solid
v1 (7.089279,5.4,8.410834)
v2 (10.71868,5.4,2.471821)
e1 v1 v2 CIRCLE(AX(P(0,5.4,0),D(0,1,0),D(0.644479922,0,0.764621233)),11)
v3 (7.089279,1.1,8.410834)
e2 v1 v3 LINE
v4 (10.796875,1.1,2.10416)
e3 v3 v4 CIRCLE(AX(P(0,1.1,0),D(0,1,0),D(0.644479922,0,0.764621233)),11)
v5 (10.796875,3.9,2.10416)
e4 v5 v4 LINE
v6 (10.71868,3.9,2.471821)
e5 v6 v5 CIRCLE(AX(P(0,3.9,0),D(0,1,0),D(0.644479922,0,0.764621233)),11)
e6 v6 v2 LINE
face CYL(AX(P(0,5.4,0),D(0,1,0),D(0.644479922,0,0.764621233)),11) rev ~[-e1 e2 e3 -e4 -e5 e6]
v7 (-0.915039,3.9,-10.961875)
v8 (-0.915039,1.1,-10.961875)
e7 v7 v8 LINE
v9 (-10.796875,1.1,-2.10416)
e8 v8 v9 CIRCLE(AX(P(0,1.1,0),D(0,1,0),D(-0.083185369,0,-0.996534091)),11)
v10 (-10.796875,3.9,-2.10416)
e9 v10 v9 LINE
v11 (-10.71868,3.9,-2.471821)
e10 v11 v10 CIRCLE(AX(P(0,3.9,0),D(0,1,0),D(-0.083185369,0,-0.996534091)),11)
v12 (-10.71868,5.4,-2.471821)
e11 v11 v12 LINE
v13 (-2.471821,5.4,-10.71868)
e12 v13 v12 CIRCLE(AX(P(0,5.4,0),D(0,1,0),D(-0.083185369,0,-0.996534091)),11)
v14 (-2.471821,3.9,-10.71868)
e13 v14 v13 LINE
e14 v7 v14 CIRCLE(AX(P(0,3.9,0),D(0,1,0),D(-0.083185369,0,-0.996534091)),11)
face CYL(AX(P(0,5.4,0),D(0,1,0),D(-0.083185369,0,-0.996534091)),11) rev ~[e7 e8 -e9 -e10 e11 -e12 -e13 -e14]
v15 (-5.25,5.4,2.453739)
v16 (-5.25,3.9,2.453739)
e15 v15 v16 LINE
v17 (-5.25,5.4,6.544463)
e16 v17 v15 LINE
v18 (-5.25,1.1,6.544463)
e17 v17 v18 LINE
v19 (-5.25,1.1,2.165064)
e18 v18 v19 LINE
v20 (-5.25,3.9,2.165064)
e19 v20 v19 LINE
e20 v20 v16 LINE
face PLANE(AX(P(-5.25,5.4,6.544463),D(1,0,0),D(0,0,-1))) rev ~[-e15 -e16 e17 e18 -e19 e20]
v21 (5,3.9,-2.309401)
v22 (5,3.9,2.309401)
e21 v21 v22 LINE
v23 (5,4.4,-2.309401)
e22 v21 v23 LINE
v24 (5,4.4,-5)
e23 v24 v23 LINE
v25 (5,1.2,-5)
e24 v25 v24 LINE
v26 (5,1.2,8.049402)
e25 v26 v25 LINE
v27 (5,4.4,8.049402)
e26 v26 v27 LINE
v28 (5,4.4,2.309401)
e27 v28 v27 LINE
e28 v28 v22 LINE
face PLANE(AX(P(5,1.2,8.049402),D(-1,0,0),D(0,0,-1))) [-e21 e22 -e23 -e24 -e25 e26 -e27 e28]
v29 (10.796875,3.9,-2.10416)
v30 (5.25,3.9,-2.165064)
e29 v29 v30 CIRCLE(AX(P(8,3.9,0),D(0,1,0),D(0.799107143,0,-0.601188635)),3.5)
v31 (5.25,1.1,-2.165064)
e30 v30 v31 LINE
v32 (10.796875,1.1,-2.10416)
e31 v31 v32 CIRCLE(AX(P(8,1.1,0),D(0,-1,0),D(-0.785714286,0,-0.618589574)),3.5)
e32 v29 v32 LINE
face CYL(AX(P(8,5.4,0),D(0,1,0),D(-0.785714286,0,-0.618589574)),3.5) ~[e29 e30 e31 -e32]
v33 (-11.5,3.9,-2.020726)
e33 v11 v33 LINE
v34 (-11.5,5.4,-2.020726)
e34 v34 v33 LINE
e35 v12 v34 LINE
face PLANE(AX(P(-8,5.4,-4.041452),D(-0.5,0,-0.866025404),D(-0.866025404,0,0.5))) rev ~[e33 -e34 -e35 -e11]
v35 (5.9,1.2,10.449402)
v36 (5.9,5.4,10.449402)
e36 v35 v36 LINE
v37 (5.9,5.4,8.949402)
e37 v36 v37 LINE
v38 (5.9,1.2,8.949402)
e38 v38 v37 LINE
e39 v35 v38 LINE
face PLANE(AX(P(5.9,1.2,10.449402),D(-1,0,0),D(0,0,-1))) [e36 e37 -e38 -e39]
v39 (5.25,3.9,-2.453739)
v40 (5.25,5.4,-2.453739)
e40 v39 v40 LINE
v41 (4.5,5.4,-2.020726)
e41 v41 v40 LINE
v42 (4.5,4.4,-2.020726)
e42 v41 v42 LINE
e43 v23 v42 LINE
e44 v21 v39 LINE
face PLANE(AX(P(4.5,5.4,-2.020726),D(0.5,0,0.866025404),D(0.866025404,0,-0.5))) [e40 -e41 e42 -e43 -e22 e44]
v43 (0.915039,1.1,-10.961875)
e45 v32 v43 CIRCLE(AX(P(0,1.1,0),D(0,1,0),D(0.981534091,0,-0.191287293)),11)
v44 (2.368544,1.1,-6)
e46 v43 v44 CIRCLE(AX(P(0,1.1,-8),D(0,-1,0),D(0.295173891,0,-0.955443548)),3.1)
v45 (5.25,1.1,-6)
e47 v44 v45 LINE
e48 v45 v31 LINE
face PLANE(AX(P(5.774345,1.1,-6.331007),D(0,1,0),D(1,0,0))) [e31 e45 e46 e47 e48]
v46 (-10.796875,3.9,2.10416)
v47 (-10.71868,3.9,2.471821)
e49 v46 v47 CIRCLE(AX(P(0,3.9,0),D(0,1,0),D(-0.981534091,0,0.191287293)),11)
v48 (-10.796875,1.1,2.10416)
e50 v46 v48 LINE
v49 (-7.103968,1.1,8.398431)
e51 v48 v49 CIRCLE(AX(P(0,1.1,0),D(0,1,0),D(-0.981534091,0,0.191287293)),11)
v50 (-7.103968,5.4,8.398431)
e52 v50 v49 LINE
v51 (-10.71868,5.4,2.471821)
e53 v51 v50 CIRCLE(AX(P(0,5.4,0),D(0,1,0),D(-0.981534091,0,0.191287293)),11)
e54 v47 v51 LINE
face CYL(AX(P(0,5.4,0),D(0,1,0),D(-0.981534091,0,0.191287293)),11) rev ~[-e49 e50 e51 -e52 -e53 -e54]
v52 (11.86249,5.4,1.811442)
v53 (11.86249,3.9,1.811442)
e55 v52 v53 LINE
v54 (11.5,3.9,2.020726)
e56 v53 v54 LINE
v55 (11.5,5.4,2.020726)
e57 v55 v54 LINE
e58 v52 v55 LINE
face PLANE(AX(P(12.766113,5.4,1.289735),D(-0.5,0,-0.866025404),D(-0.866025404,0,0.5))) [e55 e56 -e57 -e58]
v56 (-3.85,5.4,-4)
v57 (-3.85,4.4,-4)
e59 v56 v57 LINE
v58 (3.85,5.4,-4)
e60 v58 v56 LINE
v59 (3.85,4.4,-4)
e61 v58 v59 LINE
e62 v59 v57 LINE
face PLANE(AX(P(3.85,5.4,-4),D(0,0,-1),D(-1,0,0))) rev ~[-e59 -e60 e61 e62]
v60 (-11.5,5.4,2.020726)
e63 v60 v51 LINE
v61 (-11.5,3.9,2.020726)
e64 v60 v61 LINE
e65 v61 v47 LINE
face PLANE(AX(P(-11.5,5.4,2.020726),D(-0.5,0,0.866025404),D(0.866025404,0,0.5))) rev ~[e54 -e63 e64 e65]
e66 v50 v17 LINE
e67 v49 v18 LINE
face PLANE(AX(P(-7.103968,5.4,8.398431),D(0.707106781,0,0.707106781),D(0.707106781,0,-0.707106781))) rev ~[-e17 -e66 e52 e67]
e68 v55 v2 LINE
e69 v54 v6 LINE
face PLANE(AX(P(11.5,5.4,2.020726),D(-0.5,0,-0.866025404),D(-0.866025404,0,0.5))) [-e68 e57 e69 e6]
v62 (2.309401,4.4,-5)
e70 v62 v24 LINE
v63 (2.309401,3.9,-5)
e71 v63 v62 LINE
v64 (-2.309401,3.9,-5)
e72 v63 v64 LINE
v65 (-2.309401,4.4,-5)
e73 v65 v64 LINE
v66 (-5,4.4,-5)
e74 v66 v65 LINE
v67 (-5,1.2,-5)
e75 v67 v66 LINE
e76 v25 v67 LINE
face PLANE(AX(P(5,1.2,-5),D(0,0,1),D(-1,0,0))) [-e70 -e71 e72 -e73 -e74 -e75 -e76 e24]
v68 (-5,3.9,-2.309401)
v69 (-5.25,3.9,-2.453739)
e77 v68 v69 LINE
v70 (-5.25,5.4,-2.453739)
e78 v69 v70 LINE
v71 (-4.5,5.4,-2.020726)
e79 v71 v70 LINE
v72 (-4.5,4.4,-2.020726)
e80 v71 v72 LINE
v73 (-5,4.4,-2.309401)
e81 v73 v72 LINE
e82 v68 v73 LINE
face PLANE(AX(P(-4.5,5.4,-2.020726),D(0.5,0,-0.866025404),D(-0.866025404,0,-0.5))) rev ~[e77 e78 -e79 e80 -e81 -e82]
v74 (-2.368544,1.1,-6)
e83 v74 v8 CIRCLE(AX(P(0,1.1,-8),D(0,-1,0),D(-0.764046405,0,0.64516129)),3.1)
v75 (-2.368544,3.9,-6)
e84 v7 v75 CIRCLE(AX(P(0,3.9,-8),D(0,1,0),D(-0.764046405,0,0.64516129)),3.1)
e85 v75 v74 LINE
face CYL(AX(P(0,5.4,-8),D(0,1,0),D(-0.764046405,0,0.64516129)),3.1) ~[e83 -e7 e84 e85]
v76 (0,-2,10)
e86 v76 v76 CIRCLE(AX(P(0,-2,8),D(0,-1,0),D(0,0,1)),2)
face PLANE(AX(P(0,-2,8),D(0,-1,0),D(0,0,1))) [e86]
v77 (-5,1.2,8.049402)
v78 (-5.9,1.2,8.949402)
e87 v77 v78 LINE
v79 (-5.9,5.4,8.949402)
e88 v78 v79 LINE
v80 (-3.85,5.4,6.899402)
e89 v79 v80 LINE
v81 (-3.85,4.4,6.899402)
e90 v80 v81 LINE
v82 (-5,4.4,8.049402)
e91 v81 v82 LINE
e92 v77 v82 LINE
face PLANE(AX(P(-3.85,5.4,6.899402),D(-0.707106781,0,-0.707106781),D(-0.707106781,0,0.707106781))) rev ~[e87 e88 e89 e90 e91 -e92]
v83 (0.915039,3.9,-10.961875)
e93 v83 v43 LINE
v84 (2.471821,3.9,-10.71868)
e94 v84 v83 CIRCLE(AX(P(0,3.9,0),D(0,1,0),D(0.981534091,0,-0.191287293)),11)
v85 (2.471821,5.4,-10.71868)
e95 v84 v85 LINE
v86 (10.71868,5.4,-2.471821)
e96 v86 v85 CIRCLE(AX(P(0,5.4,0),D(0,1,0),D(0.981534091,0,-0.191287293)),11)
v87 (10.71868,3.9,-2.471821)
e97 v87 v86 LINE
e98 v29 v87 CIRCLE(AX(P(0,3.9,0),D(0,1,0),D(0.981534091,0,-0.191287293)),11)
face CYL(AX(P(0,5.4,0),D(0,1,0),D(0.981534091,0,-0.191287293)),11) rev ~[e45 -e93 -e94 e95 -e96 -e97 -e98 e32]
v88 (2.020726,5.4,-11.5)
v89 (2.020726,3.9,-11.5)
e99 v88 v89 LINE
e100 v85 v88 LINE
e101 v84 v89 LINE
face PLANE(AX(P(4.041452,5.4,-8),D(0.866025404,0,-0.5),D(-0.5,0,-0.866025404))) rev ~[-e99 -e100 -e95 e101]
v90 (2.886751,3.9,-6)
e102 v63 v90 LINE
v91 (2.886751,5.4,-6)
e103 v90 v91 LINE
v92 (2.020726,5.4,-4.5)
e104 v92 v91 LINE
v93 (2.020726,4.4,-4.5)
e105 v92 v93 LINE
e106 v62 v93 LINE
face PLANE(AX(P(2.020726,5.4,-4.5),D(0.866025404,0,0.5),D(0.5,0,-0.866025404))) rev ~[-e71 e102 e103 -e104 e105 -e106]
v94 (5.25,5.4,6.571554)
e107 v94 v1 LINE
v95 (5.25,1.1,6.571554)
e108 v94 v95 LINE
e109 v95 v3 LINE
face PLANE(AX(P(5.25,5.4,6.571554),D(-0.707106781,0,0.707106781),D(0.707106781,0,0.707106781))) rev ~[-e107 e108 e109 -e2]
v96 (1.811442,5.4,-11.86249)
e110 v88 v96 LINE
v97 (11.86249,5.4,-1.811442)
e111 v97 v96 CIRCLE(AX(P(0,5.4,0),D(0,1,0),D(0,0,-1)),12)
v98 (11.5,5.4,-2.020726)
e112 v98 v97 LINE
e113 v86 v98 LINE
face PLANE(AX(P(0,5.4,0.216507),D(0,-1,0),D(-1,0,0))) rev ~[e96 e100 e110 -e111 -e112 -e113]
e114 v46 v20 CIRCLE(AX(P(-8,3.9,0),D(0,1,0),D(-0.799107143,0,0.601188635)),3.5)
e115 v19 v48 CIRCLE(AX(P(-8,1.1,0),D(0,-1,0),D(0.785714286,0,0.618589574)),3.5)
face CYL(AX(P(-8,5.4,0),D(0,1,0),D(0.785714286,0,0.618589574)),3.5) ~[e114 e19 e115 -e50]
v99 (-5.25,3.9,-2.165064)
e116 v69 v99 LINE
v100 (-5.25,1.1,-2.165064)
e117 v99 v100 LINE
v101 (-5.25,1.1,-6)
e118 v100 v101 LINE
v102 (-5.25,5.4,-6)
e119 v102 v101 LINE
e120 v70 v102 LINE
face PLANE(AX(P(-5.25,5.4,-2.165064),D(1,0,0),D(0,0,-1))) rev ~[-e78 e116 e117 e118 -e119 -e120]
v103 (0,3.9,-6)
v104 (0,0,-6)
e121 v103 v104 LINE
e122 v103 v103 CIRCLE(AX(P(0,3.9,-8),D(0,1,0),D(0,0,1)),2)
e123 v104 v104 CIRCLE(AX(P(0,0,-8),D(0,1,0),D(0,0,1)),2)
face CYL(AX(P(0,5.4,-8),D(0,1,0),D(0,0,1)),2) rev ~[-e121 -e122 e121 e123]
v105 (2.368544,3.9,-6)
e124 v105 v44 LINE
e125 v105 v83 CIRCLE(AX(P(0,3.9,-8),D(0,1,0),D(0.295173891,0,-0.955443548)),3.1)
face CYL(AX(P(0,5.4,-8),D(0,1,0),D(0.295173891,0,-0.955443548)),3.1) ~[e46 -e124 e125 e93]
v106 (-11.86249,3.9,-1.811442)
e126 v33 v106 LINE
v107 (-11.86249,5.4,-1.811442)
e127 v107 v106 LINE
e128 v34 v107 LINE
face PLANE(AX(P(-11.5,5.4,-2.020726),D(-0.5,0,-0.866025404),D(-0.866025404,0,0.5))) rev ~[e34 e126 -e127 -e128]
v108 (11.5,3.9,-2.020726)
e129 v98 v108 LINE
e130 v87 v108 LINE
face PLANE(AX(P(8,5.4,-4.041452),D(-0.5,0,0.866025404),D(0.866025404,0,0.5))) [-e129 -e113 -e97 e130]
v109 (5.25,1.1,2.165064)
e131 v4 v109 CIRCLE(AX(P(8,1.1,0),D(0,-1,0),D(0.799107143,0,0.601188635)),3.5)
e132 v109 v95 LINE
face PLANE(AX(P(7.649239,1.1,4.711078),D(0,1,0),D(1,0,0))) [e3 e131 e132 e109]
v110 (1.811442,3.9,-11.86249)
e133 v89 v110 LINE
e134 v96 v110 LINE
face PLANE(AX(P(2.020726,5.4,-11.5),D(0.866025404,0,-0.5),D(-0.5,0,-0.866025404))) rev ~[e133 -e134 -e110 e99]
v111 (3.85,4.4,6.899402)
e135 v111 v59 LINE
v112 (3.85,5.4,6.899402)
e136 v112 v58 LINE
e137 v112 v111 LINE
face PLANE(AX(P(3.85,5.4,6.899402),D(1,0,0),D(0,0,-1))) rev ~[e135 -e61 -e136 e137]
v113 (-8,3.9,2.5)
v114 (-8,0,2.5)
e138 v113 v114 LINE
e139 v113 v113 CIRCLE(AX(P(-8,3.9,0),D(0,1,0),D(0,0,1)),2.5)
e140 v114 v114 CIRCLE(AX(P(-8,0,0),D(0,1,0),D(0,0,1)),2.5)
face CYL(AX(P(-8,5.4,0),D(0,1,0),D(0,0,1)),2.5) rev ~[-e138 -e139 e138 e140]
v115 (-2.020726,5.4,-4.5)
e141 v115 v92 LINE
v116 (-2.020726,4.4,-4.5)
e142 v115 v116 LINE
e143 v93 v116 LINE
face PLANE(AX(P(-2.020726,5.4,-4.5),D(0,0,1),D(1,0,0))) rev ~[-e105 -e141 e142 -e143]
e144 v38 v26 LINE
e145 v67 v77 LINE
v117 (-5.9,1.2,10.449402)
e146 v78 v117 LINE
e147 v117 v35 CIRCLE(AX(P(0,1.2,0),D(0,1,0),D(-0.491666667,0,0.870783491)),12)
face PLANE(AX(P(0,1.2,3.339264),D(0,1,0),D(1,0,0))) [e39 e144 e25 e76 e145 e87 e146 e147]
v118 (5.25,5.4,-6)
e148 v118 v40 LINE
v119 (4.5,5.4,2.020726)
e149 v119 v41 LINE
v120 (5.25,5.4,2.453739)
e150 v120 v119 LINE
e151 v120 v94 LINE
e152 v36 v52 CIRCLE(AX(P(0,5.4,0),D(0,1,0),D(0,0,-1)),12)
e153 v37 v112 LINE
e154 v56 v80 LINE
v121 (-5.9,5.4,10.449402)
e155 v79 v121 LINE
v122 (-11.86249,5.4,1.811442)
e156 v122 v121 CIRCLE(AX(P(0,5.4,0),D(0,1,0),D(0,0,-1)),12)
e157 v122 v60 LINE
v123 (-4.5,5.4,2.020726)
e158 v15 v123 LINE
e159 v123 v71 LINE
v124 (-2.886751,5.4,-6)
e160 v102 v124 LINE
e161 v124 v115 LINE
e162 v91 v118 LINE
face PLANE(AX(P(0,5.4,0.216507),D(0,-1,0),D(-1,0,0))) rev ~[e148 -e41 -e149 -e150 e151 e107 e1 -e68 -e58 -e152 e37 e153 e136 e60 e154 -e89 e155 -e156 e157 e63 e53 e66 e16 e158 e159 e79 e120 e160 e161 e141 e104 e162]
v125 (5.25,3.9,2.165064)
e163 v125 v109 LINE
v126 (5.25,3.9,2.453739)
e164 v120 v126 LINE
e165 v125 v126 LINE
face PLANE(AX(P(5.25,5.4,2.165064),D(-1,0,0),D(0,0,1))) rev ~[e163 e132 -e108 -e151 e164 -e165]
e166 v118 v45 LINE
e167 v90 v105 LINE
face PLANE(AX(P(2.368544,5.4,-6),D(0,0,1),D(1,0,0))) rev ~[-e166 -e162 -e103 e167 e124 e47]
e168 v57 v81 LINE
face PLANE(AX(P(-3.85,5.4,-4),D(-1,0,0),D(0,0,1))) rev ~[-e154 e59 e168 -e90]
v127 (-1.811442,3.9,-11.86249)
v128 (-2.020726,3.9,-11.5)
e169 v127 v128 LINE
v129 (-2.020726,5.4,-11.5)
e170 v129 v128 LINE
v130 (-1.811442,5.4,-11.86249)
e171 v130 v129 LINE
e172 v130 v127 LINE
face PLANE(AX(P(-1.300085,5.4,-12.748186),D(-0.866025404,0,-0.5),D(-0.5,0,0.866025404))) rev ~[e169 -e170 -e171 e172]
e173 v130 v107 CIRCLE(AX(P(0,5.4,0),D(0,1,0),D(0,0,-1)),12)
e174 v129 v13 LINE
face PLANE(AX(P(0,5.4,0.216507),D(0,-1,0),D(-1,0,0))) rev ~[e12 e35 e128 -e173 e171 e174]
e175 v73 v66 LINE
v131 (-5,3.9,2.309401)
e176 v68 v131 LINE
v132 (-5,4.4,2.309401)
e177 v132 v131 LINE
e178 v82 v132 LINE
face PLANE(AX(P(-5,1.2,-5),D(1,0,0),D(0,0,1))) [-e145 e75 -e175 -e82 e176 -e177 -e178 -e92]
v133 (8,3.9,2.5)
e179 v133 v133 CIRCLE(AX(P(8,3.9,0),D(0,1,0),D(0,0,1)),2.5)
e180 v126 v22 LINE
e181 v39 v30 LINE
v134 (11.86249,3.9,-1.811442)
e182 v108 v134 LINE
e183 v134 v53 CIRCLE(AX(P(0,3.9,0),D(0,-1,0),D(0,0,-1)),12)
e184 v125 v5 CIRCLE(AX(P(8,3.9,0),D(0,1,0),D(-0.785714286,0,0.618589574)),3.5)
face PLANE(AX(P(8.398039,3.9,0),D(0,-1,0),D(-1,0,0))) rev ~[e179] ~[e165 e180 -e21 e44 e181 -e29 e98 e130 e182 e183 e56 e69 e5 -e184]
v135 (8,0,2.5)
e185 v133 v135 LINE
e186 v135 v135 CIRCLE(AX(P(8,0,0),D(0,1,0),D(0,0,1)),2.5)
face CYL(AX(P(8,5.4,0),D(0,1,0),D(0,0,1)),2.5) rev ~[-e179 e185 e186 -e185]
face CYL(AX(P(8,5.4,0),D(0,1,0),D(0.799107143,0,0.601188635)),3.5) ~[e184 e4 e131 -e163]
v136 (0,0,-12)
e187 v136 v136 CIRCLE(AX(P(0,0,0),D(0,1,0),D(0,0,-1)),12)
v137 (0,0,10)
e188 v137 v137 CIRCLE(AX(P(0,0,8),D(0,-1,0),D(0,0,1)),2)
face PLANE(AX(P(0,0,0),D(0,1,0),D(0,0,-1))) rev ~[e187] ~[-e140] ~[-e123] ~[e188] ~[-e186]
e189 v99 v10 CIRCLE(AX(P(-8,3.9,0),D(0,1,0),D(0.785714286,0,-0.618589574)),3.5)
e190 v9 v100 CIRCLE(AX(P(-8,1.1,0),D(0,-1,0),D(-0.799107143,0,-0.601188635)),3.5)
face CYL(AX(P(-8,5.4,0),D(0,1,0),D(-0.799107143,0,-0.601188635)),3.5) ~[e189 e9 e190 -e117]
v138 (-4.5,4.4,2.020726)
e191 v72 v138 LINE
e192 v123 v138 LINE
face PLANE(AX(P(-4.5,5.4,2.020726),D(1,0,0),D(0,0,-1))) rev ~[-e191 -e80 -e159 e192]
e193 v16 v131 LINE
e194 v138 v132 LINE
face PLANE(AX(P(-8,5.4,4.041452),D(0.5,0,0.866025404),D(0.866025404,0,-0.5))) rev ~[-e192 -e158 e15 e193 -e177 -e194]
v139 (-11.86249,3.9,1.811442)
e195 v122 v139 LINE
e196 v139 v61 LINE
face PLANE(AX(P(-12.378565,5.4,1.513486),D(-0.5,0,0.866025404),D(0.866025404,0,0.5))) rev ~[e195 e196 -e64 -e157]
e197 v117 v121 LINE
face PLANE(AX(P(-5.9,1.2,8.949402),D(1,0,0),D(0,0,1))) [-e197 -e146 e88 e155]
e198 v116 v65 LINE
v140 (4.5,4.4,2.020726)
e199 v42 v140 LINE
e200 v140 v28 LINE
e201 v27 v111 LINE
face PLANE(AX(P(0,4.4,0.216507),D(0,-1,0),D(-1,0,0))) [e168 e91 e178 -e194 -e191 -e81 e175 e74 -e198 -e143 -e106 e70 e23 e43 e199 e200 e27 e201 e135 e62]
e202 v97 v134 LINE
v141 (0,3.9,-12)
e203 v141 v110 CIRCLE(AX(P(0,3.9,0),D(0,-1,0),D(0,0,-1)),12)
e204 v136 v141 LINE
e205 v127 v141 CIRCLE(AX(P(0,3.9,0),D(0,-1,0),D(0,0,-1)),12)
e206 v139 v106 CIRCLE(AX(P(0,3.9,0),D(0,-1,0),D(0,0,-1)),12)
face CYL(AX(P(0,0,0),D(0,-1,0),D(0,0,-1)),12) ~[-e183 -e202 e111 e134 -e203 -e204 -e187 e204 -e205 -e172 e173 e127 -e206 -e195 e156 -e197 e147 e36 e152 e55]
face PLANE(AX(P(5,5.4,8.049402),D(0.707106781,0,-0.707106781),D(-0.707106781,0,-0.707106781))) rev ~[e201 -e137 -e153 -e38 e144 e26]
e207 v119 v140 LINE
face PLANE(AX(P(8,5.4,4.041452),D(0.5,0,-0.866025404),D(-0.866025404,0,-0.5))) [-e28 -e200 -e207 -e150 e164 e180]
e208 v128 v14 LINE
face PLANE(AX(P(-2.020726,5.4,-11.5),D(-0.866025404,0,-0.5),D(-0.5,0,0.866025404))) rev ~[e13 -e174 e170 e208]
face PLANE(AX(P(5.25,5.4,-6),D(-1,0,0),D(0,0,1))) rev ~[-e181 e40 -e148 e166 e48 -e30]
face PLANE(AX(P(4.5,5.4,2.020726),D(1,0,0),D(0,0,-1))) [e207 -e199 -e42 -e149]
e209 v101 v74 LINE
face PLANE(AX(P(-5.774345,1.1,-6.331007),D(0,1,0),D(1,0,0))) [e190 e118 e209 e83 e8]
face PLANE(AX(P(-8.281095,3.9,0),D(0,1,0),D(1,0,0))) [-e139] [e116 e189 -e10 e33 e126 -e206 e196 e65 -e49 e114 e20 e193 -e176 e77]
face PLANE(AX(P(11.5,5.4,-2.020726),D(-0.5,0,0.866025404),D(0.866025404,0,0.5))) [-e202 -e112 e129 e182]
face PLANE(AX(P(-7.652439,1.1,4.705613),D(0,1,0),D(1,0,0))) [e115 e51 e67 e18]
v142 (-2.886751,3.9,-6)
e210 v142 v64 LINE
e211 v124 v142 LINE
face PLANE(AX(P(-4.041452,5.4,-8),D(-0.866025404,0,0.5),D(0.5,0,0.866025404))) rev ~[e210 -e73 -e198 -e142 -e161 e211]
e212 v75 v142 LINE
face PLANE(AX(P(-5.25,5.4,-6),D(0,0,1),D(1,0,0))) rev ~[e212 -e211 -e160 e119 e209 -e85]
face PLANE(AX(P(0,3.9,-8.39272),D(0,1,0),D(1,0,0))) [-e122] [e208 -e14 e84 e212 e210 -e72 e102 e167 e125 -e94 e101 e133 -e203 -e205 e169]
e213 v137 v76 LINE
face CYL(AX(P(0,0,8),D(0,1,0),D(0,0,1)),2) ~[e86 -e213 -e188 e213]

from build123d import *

# Parameters (mm, degrees)
SKETCH1_R           = 12
BOSS_EXTRUDE1_DEPTH = 5.4
CUT_EXTRUDE1_START  = -4.2
CUT_EXTRUDE1_DEPTH  = 4.2
BOSS_EXTRUDE2_DEPTH = 1
SKETCH4_R           = 2.5
SKETCH4_R_2         = 2
CUT_EXTRUDE2_DEPTH  = 11
SKETCH5_R           = 2
BOSS_EXTRUDE3_DEPTH = 2
CUT_EXTRUDE3_DEPTH  = 4.3
CUT_EXTRUDE4_DEPTH  = 1.5


with BuildPart() as part:
    # Sketch1 → Boss-Extrude1 (new body)
    with BuildSketch(Plane(origin=(0, 0, 0), x_dir=(1, 0, 0), z_dir=(0, 1, 0))):
        with Locations(Location((0, 0, 0), (0, 0, 90))):
            Circle(SKETCH1_R)
    extrude(amount=BOSS_EXTRUDE1_DEPTH)

    # Sketch2 → Cut-Extrude1 (cut)
    with BuildSketch(Plane(origin=(0, 5.4, 0), x_dir=(1, 0, 0), z_dir=(0, 1, 0)).offset(CUT_EXTRUDE1_START)):
        with BuildLine():
            Line((5, -5), (5, 5))
            Line((5, 5), (-5, 5))
            Line((-5, 5), (-5, -5))
            Line((-5, -5), (-5, -8.049401897))
            Line((-5, -8.049401897), (-5.9, -8.949401897))
            Line((-5.9, -8.949401897), (-5.9, -10.449401897))
            ThreePointArc((-5.9, -10.449401897), (0, -12), (5.9, -10.449401897))
            Line((5.9, -10.449401897), (5.9, -8.949401897))
            Line((5.9, -8.949401897), (5, -8.049401897))
            Line((5, -8.049401897), (5, -5))
        make_face()
    extrude(amount=CUT_EXTRUDE1_DEPTH, mode=Mode.SUBTRACT)

    # Sketch3 → Boss-Extrude2 (add)
    with BuildSketch(Plane(origin=(0, 5.4, 0), x_dir=(1, 0, 0), z_dir=(0, 1, 0))):
        Polygon((5, -8.049401897), (3.85, -6.899401897), (3.85, 4), (-3.85, 4), (-3.85, -6.899401897), (-5, -8.049401897), (-5, 5), (5, 5), align=None)
    extrude(amount=-BOSS_EXTRUDE2_DEPTH)

    # Sketch4 → Cut-Extrude2 (cut)
    with BuildSketch(Plane(origin=(0, 5.4, 0), x_dir=(1, 0, 0), z_dir=(0, 1, 0))):
        with Locations(Location((-8, 0, 0), (0, 0, 270))):
            Circle(SKETCH4_R)
        with Locations(Location((8, 0, 0), (0, 0, 270))):
            Circle(SKETCH4_R)
        with Locations(Location((0, 8, 0), (0, 0, 270))):
            Circle(SKETCH4_R_2)
    extrude(amount=-CUT_EXTRUDE2_DEPTH, mode=Mode.SUBTRACT)

    # Sketch5 → Boss-Extrude3 (add)
    with BuildSketch(Plane.XZ):
        with Locations(Location((0, 8, 0), (0, 0, 90))):
            Circle(SKETCH5_R)
    extrude(amount=BOSS_EXTRUDE3_DEPTH)

    # Sketch6 → Cut-Extrude3 (cut)
    with BuildSketch(Plane(origin=(0, 5.4, 0), x_dir=(1, 0, 0), z_dir=(0, 1, 0))):
        with BuildLine():
            ThreePointArc((-10.796875, -2.104160221), (-9.487597374, -5.566461719), (-7.103967779, -8.398430913))
            Line((-7.103967779, -8.398430913), (-5.25, -6.544463134))
            Line((-5.25, -6.544463134), (-5.25, -2.165063509))
            ThreePointArc((-5.25, -2.165063509), (-8.038426801, -3.499789048), (-10.796875, -2.104160221))
        make_face()
        with BuildLine():
            ThreePointArc((-10.796875, 2.104160221), (-8.038426801, 3.499789048), (-5.25, 2.165063509))
            Line((-5.25, 2.165063509), (-5.25, 6))
            Line((-5.25, 6), (-2.368543856, 6))
            ThreePointArc((-2.368543856, 6), (-2.974984046, 8.871475717), (-0.915039062, 10.961875))
            ThreePointArc((-0.915039062, 10.961875), (-7.34213937, 8.191031039), (-10.796875, 2.104160221))
        make_face()
        with BuildLine():
            Line((5.25, -6.571554413), (7.089279147, -8.41083356))
            ThreePointArc((7.089279147, -8.41083356), (9.482729549, -5.574750246), (10.796875, -2.104160221))
            ThreePointArc((10.796875, -2.104160221), (8.038426801, -3.499789048), (5.25, -2.165063509))
            Line((5.25, -2.165063509), (5.25, -6.571554413))
        make_face()
        with BuildLine():
            ThreePointArc((0.915039062, 10.961875), (2.974984046, 8.871475717), (2.368543856, 6))
            Line((2.368543856, 6), (5.25, 6))
            Line((5.25, 6), (5.25, 2.165063509))
            ThreePointArc((5.25, 2.165063509), (8.038426801, 3.499789048), (10.796875, 2.104160221))
            ThreePointArc((10.796875, 2.104160221), (7.34213937, 8.191031039), (0.915039062, 10.961875))
        make_face()
    extrude(amount=-CUT_EXTRUDE3_DEPTH, mode=Mode.SUBTRACT)

    # Sketch7 → Cut-Extrude4 (cut)
    with BuildSketch(Plane(origin=(0, 5.4, 0), x_dir=(1, 0, 0), z_dir=(0, 1, 0))):
        Polygon((11.5, 2.020725942), (12.766112926, 1.289735303), (12.766112926, -1.289735303), (11.5, -2.020725942), (8, -4.041451884), (4.5, -2.020725942), (4.5, 2.020725942), (8, 4.041451884), align=None)
        Polygon((2.020725942, 4.5), (4.041451884, 8), (2.020725942, 11.5), (1.300085439, 12.748185966), (-1.300085439, 12.748185966), (-2.020725942, 11.5), (-4.041451884, 8), (-2.020725942, 4.5), align=None)
        Polygon((-4.5, -2.020725942), (-4.5, 2.020725942), (-8, 4.041451884), (-11.5, 2.020725942), (-12.378564681, 1.513486387), (-12.378564681, -1.513486387), (-11.5, -2.020725942), (-8, -4.041451884), align=None)
    extrude(amount=-CUT_EXTRUDE4_DEPTH, mode=Mode.SUBTRACT)


solid = part.part
